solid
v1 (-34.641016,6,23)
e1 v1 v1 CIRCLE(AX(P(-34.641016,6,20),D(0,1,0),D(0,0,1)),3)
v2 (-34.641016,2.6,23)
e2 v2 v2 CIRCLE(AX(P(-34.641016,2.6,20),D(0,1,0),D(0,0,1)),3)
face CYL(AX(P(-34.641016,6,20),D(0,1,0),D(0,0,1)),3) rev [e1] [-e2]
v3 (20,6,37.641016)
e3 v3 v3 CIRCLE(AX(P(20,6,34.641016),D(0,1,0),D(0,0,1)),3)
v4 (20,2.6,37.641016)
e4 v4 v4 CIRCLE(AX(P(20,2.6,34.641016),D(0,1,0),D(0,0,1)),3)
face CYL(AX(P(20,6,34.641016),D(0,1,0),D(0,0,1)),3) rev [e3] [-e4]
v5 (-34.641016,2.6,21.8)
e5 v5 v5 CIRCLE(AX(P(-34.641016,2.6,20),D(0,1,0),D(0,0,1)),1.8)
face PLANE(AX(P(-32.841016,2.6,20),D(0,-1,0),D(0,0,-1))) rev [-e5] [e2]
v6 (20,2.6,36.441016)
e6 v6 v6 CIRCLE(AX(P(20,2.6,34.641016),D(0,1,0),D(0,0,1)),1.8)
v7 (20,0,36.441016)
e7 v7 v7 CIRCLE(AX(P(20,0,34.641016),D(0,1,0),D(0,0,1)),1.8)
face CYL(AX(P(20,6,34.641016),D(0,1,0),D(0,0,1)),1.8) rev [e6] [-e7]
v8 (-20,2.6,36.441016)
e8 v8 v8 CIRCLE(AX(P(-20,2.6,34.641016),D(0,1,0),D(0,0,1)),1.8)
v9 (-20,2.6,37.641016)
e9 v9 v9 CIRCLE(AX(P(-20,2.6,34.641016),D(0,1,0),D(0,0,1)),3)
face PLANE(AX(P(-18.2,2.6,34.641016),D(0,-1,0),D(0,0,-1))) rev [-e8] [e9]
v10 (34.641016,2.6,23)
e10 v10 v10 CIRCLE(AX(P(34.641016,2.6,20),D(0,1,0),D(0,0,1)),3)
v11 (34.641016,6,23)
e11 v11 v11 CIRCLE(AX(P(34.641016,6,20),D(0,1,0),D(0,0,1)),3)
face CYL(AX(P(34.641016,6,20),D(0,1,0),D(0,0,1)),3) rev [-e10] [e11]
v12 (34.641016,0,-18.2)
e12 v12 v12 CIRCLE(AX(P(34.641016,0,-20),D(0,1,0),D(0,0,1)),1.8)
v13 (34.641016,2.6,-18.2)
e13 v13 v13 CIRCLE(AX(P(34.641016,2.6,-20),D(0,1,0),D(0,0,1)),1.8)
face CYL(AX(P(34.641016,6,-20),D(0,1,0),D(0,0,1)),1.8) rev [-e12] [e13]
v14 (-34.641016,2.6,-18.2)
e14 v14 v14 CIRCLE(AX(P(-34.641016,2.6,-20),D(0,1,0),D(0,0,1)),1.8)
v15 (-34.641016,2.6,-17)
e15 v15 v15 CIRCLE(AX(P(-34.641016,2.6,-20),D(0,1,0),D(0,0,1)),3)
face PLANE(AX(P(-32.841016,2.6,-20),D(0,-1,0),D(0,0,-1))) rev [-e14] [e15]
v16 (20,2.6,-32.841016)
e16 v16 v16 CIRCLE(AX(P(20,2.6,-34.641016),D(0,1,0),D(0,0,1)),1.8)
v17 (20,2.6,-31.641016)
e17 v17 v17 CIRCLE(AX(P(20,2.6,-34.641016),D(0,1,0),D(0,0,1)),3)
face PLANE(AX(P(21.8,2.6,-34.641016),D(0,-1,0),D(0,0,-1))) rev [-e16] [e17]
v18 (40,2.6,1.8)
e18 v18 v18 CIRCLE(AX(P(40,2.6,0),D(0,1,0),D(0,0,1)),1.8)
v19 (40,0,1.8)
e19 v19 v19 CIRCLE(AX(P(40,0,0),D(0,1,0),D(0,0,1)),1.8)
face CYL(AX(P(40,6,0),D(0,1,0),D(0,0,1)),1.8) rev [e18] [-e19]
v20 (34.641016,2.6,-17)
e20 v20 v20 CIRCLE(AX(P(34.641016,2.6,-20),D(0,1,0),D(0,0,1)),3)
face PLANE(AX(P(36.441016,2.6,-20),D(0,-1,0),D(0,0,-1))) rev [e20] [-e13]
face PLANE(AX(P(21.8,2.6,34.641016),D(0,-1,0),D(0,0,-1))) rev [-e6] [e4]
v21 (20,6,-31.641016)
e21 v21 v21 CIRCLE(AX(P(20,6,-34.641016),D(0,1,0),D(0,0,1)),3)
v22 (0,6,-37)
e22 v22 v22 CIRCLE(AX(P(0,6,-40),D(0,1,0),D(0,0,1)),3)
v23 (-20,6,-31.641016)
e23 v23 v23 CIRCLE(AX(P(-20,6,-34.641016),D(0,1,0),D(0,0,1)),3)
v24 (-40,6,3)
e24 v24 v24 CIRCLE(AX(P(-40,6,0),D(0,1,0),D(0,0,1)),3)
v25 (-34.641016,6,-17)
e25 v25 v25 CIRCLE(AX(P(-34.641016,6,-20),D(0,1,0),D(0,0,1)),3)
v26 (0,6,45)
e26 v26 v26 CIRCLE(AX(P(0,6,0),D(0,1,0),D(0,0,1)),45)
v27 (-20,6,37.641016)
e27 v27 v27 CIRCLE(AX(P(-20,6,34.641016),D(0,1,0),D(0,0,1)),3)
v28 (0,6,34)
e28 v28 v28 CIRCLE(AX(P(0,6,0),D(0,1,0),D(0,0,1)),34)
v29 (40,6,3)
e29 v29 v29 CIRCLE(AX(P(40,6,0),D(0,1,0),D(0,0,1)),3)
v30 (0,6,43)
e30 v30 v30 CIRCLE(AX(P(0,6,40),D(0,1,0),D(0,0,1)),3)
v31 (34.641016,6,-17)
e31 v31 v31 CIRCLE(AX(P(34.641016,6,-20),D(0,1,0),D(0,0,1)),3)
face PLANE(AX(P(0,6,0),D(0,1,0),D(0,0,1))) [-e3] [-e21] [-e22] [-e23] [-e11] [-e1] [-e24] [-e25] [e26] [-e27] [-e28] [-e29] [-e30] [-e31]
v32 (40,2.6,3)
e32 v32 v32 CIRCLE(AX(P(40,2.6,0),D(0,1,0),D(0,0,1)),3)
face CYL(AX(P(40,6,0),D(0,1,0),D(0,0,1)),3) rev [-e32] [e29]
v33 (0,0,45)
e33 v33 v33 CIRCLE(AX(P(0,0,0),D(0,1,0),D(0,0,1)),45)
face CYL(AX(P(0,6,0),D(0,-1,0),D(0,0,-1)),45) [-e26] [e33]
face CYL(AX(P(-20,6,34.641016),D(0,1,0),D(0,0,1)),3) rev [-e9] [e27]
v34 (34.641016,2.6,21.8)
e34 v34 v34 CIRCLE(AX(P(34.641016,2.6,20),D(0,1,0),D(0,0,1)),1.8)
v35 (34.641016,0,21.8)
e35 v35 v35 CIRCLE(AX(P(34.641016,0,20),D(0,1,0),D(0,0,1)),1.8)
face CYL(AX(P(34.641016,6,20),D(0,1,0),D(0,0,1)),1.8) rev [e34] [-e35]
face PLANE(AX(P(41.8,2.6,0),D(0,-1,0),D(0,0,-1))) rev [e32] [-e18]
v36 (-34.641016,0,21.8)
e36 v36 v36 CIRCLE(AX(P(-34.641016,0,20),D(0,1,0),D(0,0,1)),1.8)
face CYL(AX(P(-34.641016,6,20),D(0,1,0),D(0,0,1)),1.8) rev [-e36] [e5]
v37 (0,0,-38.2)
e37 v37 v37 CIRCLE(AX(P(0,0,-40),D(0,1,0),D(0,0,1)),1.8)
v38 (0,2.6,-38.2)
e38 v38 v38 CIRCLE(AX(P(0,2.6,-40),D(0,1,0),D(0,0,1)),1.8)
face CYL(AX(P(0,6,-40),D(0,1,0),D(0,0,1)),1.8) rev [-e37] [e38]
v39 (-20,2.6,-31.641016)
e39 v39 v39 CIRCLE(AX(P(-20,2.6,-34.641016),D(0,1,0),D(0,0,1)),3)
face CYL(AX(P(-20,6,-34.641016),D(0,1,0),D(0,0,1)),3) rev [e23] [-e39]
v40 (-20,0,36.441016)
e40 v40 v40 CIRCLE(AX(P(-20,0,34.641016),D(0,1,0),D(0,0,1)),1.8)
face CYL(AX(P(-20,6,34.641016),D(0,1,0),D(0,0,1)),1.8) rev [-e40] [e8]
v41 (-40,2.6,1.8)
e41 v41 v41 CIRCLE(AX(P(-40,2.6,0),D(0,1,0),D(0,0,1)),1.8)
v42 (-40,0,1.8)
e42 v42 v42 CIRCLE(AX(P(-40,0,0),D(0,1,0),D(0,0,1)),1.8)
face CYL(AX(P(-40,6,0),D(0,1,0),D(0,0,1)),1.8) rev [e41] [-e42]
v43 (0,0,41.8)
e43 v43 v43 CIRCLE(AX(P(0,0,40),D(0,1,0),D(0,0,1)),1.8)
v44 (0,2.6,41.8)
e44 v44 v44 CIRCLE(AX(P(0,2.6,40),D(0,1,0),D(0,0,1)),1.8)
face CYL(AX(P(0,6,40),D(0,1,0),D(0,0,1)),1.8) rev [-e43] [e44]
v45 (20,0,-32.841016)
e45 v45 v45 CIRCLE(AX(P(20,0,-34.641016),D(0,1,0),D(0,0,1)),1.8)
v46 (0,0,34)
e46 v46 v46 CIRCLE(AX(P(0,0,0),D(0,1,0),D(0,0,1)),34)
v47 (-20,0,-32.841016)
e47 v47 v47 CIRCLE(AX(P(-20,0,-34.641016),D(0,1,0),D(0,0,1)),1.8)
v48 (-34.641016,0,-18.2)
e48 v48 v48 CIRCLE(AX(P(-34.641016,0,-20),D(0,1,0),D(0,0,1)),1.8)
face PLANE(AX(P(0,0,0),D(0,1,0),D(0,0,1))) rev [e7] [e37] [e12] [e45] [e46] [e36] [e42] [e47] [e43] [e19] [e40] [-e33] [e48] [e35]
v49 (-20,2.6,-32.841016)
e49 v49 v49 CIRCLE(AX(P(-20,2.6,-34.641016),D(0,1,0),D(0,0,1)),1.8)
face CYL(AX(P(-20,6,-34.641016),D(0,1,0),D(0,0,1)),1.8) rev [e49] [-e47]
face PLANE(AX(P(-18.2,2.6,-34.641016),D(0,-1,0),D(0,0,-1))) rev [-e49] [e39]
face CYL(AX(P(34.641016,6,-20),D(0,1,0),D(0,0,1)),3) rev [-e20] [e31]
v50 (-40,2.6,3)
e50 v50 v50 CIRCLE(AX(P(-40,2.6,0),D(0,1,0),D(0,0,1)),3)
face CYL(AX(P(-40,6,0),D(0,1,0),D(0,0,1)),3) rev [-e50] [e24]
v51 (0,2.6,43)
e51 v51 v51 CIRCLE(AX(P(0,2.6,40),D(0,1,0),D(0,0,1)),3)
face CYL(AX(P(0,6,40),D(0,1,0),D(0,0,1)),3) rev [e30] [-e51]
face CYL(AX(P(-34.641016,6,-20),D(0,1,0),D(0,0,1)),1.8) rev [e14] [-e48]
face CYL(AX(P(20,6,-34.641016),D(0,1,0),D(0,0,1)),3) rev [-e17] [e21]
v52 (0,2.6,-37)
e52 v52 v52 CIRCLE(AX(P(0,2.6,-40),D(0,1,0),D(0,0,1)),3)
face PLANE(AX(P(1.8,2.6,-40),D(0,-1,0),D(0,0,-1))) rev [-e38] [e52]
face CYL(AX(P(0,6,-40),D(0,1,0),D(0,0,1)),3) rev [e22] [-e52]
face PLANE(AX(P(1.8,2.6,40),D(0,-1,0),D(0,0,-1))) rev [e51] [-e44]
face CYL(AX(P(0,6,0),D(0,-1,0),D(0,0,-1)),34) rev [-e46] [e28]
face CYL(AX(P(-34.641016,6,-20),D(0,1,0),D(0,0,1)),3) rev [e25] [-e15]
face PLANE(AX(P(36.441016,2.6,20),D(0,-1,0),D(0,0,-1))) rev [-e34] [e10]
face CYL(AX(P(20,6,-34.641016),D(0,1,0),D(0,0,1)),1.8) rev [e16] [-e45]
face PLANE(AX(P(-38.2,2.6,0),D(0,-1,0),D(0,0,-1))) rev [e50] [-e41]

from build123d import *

# Parameters (mm, degrees)
SKETCH_1_R                = 45
SKETCH_1_R_2              = 34
EXTRUDE_1_DEPTH           = 6
HOLE_WIZARD_1_D           = 3.6
HOLE_WIZARD_1_CBORE_D     = 6
HOLE_WIZARD_1_CBORE_DEPTH = 3.4
PATTERN_CIRCULAR_1_COUNT  = 12


with BuildPart() as part:
    # 草图1 → 凸台-拉伸1 (new body)
    with BuildSketch(Plane(origin=(0, 0, 0), x_dir=(1, 0, 0), z_dir=(0, 1, 0))):
        Circle(SKETCH_1_R)
        Circle(SKETCH_1_R_2, mode=Mode.SUBTRACT)
    extrude(amount=EXTRUDE_1_DEPTH)

    # 打孔尺寸(%根据)内六角圆柱头螺钉的类型1 (through all)
    with Locations(Plane(origin=(0, 6, 0), x_dir=(1, 0, 0), z_dir=(0, 1, 0))):
        with Locations((0, 40)):
            hole_wizard_1 = CounterBoreHole(HOLE_WIZARD_1_D / 2, HOLE_WIZARD_1_CBORE_D / 2, HOLE_WIZARD_1_CBORE_DEPTH)

    # 阵列(圆周)1: 打孔尺寸(%根据)内六角圆柱头螺钉的类型1 ×12 about axis
    pattern_circular_1_axis = Axis((0, 6, 0), (0, -1, 0))
    for i in range(1, PATTERN_CIRCULAR_1_COUNT):
        add(hole_wizard_1.rotate(pattern_circular_1_axis, i * 360 / PATTERN_CIRCULAR_1_COUNT), mode=Mode.SUBTRACT)


solid = part.part
